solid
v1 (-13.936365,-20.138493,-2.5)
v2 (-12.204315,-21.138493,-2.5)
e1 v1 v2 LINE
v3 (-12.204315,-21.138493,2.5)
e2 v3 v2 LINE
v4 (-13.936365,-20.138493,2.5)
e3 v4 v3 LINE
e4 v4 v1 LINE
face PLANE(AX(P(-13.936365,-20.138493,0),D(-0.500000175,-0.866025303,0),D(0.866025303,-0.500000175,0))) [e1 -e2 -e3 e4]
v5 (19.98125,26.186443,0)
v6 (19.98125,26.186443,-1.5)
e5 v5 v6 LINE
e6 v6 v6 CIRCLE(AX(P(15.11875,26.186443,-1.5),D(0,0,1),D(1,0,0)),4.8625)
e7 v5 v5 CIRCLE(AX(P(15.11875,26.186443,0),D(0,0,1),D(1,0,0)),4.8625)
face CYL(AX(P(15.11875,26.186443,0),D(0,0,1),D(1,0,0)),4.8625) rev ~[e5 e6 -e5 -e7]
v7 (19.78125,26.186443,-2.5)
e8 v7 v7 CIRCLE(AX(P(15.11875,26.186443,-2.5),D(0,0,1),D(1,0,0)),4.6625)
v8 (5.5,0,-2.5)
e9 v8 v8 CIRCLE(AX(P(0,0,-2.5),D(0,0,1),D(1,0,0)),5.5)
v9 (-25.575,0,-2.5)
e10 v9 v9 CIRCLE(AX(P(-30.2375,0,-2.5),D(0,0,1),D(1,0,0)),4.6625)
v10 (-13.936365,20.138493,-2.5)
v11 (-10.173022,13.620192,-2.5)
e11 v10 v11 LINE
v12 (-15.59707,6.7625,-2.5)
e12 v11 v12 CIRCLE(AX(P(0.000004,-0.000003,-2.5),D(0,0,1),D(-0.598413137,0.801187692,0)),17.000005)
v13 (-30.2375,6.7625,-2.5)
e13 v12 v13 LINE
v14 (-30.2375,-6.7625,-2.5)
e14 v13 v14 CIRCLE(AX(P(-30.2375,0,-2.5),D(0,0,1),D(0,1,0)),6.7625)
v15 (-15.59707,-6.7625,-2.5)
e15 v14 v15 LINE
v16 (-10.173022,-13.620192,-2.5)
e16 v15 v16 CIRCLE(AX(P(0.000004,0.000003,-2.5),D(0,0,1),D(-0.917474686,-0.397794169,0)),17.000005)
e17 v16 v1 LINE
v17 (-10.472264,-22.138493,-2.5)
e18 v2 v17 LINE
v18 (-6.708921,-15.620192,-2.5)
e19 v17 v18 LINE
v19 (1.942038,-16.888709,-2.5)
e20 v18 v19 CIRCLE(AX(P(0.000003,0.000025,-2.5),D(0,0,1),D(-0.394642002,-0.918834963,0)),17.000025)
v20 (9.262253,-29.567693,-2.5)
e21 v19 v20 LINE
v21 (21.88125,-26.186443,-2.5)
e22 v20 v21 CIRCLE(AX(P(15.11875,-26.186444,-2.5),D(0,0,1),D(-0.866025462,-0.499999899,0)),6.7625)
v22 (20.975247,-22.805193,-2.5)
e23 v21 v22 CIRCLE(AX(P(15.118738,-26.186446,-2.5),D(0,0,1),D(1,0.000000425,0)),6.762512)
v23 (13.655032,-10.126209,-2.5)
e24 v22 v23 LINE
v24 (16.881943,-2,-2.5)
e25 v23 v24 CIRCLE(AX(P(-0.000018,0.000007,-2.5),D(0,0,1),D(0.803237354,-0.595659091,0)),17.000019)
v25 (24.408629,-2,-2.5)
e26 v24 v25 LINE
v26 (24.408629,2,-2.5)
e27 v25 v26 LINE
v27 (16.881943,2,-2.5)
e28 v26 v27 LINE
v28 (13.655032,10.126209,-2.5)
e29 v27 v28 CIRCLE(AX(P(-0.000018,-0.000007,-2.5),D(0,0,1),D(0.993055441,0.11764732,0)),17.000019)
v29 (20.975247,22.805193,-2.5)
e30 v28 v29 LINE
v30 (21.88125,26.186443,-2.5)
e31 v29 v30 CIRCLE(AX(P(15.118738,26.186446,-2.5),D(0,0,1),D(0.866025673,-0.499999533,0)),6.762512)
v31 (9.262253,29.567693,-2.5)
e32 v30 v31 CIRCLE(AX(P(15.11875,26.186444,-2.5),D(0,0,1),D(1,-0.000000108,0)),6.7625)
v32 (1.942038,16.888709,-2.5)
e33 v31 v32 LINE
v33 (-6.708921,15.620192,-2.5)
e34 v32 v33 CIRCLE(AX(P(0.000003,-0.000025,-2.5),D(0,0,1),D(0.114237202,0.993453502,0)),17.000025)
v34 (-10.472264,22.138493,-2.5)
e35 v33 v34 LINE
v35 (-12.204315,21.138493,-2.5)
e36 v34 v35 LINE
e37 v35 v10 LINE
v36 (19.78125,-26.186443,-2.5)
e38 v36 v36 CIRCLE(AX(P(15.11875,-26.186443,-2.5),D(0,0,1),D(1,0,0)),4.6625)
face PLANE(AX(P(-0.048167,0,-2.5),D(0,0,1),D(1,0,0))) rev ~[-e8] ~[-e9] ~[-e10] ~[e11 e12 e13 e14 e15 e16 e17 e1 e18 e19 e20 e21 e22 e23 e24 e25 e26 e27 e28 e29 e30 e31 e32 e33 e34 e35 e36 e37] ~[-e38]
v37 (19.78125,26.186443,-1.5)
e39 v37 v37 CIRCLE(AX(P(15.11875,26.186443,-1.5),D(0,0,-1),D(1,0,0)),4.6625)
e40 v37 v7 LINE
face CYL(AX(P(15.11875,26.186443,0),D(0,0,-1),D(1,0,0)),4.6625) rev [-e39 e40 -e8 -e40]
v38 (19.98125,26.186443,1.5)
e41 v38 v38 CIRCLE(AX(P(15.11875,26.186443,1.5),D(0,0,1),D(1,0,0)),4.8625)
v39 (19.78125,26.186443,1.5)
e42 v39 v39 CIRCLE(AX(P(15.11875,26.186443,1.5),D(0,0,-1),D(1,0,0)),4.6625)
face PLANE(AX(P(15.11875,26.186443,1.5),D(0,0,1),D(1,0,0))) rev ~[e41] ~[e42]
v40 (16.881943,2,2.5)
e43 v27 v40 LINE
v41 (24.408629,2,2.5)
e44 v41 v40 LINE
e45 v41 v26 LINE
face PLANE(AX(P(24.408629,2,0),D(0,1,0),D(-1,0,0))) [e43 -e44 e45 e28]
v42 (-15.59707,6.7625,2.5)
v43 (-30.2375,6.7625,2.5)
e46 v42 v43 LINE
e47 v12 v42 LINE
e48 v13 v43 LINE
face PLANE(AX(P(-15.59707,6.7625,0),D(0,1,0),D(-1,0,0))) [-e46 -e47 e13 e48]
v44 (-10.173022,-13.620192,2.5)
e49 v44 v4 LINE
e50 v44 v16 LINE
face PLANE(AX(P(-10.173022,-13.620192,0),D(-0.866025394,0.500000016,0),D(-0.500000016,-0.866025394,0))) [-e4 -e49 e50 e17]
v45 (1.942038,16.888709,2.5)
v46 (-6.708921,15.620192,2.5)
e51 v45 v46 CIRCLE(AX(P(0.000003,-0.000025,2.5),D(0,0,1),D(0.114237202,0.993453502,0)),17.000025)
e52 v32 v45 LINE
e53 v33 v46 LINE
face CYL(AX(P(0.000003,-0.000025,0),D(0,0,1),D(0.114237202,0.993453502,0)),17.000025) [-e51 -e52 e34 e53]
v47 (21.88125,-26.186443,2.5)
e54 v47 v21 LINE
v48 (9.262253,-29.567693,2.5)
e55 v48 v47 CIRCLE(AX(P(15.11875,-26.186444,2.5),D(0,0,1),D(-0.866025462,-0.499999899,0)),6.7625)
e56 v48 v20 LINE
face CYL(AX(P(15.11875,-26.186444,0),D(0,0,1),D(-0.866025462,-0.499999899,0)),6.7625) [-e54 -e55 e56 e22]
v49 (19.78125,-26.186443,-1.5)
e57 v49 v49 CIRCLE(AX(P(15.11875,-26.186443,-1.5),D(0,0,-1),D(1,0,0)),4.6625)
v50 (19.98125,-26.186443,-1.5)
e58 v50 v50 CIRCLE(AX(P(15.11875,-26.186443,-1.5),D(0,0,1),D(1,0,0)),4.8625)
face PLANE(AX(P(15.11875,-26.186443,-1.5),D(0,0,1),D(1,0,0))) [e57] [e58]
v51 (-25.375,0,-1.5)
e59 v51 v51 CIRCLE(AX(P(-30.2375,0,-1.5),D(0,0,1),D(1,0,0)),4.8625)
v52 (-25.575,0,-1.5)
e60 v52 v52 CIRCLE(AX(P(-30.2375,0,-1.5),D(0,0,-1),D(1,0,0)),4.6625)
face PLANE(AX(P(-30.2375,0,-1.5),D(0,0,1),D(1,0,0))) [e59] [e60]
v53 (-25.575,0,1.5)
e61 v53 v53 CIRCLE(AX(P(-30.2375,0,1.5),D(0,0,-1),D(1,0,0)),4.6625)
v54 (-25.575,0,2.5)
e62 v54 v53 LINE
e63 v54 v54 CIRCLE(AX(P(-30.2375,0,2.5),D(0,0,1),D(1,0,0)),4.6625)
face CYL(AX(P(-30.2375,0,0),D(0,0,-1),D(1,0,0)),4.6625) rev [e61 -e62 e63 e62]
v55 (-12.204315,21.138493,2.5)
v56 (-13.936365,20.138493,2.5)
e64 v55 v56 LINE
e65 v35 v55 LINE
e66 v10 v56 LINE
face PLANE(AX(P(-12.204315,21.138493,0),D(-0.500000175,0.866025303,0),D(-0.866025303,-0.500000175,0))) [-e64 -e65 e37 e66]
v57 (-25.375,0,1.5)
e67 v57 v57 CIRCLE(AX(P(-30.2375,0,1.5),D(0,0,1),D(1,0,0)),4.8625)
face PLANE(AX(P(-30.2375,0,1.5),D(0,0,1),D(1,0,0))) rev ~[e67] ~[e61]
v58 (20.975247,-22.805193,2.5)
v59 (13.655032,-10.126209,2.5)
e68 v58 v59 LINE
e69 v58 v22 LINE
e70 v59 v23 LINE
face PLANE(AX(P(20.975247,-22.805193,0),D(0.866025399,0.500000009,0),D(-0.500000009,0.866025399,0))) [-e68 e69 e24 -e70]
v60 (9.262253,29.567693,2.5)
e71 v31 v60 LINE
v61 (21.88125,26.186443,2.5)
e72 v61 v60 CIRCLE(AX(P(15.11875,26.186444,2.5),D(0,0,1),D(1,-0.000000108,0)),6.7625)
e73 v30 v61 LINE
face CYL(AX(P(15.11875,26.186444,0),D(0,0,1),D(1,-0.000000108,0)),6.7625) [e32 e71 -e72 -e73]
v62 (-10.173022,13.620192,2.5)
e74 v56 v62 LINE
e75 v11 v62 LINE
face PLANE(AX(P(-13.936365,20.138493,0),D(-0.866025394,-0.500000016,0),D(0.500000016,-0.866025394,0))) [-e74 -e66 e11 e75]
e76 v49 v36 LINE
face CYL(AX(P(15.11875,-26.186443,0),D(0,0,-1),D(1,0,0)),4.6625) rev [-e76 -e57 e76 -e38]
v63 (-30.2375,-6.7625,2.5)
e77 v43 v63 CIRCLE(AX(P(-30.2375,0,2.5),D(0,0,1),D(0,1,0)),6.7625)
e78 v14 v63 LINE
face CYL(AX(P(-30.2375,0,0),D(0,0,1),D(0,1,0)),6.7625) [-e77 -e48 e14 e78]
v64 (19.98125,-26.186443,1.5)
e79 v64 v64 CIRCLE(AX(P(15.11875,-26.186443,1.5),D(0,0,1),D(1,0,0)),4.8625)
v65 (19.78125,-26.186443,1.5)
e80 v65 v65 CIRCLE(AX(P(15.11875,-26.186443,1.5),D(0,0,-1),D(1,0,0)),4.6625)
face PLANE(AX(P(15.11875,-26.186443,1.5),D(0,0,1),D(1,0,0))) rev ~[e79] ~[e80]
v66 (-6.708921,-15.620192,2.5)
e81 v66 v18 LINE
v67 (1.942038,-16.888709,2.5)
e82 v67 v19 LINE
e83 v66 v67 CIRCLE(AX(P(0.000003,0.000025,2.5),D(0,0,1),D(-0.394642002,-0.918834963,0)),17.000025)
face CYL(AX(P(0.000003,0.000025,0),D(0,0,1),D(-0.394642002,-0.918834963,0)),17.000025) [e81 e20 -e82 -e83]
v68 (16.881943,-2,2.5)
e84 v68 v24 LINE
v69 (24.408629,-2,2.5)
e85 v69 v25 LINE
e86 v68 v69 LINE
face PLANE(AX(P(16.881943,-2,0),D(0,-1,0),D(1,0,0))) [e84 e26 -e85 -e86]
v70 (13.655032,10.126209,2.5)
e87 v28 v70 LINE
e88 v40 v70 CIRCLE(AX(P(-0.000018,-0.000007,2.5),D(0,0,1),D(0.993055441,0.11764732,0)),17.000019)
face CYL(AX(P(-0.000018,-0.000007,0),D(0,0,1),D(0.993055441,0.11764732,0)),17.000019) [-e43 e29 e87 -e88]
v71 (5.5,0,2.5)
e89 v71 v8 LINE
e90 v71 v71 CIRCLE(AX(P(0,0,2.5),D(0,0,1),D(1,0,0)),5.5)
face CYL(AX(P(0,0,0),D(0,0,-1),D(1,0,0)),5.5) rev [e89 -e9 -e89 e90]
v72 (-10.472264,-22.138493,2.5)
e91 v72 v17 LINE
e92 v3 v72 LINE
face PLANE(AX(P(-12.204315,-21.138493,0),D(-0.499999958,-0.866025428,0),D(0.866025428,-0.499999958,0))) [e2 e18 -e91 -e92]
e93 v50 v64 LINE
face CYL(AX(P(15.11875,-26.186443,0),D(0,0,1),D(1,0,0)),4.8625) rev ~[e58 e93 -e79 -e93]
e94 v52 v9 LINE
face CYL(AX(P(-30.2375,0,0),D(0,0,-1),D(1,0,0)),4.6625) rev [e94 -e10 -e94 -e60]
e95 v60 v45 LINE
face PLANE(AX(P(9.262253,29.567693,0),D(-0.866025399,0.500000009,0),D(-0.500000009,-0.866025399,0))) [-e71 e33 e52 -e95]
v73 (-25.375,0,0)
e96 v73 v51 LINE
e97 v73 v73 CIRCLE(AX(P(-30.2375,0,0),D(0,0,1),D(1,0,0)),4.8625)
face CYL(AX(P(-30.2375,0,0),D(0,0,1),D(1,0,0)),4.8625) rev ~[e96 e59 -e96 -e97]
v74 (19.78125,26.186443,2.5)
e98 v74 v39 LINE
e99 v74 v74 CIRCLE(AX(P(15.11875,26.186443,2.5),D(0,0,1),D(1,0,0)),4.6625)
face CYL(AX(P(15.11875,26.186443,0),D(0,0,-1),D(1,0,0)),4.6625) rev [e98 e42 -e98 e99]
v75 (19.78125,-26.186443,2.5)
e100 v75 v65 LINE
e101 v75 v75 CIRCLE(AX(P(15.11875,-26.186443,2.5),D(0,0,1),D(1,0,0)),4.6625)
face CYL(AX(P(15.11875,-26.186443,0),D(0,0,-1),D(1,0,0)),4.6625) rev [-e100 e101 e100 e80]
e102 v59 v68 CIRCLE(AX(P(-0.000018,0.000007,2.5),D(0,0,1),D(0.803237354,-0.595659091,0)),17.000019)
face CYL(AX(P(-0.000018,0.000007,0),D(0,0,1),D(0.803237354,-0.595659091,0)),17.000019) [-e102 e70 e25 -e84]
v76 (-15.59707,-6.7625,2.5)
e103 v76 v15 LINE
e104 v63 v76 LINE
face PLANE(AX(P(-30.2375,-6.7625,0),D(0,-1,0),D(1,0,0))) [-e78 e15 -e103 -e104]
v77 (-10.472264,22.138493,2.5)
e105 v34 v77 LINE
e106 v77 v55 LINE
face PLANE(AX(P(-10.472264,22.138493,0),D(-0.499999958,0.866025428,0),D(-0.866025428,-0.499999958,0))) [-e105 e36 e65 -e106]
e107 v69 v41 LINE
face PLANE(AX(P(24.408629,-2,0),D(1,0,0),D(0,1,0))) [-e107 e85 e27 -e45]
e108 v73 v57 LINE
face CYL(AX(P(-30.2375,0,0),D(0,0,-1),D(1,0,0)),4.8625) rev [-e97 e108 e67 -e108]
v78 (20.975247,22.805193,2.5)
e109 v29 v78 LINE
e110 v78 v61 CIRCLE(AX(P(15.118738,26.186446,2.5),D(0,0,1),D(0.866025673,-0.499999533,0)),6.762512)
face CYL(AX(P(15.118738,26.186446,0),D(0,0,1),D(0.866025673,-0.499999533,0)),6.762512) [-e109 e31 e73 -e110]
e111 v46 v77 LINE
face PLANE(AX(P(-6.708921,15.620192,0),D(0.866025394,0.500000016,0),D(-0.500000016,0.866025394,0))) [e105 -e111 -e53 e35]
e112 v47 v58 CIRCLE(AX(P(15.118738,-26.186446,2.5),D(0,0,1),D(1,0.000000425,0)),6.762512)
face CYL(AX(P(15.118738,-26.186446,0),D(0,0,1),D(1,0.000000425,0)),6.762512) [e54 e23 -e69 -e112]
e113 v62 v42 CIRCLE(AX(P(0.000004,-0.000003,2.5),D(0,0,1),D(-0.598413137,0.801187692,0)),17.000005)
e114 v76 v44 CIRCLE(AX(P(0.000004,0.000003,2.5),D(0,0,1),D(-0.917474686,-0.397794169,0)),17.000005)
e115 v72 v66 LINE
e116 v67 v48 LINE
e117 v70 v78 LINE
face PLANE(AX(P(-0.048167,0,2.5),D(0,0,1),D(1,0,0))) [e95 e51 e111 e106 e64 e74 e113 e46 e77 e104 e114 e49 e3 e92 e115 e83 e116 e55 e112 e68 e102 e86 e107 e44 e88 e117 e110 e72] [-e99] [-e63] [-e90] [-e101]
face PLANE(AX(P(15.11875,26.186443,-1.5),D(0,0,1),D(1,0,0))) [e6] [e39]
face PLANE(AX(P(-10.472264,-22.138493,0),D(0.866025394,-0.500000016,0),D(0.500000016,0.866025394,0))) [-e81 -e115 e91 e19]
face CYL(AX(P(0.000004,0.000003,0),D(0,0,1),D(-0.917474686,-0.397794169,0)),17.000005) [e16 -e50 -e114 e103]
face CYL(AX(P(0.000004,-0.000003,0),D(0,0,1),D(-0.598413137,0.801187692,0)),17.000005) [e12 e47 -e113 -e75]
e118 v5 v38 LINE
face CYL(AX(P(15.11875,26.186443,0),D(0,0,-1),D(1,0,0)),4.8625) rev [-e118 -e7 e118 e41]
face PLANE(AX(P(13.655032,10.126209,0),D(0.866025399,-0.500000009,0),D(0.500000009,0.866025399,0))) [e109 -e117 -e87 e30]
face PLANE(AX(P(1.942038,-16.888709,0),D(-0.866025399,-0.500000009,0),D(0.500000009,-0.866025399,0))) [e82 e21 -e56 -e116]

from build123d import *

# Parameters (mm, degrees)
F0_R     = 5.5
F0_R_2   = 4.6625
F1_DEPTH = 2.5
F2_R     = 4.8625
F3_DEPTH = 1.5


with BuildPart() as f1:
    # F0 (on Top) → F1 (new body, symmetric)
    with BuildSketch(Plane.XY):
        with BuildLine():
            Line((24.408629, 2), (16.881943, 2))
            ThreePointArc((16.881943, 2), (15.799858, 6.274111), (13.655032, 10.126209))
            Line((13.655032, 10.126209), (20.975247, 22.805193))
            ThreePointArc((20.975247, 22.805193), (11.7375, 20.329946), (9.262253, 29.567693))
            Line((9.262253, 29.567693), (1.942038, 16.888709))
            ThreePointArc((1.942038, 16.888709), (-2.466389, 16.820134), (-6.708921, 15.620192))
            Line((-6.708921, 15.620192), (-10.472264, 22.138493))
            Line((-10.472264, 22.138493), (-12.204315, 21.138493))
            Line((-12.204315, 21.138493), (-13.936365, 20.138493))
            Line((-13.936365, 20.138493), (-10.173022, 13.620192))
            ThreePointArc((-10.173022, 13.620192), (-13.333469, 10.546023), (-15.59707, 6.7625))
            Line((-15.59707, 6.7625), (-30.2375, 6.7625))
            ThreePointArc((-30.2375, 6.7625), (-25.45569, 4.78181), (-23.475, 0))
            ThreePointArc((-23.475, 0), (-25.45569, -4.78181), (-30.2375, -6.7625))
            Line((-30.2375, -6.7625), (-15.59707, -6.7625))
            ThreePointArc((-15.59707, -6.7625), (-13.333469, -10.546023), (-10.173022, -13.620192))
            Line((-10.173022, -13.620192), (-13.936365, -20.138493))
            Line((-13.936365, -20.138493), (-12.204315, -21.138493))
            Line((-12.204315, -21.138493), (-10.472264, -22.138493))
            Line((-10.472264, -22.138493), (-6.708921, -15.620192))
            ThreePointArc((-6.708921, -15.620192), (-2.466389, -16.820134), (1.942038, -16.888709))
            Line((1.942038, -16.888709), (9.262253, -29.567693))
            ThreePointArc((9.262253, -29.567693), (11.7375, -20.329946), (20.975247, -22.805193))
            Line((20.975247, -22.805193), (13.655032, -10.126209))
            ThreePointArc((13.655032, -10.126209), (15.799858, -6.274111), (16.881943, -2))
            Line((16.881943, -2), (24.408629, -2))
            Line((24.408629, -2), (24.408629, 0))
            Line((24.408629, 0), (24.408629, 2))
        make_face()
        Circle(F0_R, mode=Mode.SUBTRACT)
        with BuildLine():
            ThreePointArc((9.262253, 29.567693), (11.7375, 20.329946), (20.975247, 22.805193))
            ThreePointArc((20.975247, 22.805193), (21.650823, 24.436179), (21.88125, 26.186443))
            ThreePointArc((21.88125, 26.186443), (16.869014, 32.718517), (9.262253, 29.567693))
        make_face()
        with Locations((15.11875, 26.186443)):
            Circle(F0_R_2, mode=Mode.SUBTRACT)
        with BuildLine():
            ThreePointArc((21.88125, -26.186443), (21.650823, -24.436179), (20.975247, -22.805193))
            ThreePointArc((20.975247, -22.805193), (11.7375, -20.329946), (9.262253, -29.567693))
            ThreePointArc((9.262253, -29.567693), (16.869014, -32.718517), (21.88125, -26.186443))
        make_face()
        with Locations((15.11875, -26.186443)):
            Circle(F0_R_2, mode=Mode.SUBTRACT)
        with BuildLine():
            ThreePointArc((-23.475, 0), (-25.45569, 4.78181), (-30.2375, 6.7625))
            ThreePointArc((-30.2375, 6.7625), (-37, 0), (-30.2375, -6.7625))
            ThreePointArc((-30.2375, -6.7625), (-25.45569, -4.78181), (-23.475, 0))
        make_face()
        with Locations((-30.2375, 0)):
            Circle(F0_R_2, mode=Mode.SUBTRACT)
    extrude(amount=F1_DEPTH, both=True)

    # F2 (on Top) → F3 (cut, symmetric)
    with BuildSketch(Plane.XY):
        with Locations((-30.2375, 0)):
            Circle(F2_R)
        with Locations((15.11875, 26.186443)):
            Circle(F2_R)
        with Locations((15.11875, -26.186443)):
            Circle(F2_R)
    extrude(amount=F3_DEPTH, both=True, mode=Mode.SUBTRACT)


solid = f1.part
